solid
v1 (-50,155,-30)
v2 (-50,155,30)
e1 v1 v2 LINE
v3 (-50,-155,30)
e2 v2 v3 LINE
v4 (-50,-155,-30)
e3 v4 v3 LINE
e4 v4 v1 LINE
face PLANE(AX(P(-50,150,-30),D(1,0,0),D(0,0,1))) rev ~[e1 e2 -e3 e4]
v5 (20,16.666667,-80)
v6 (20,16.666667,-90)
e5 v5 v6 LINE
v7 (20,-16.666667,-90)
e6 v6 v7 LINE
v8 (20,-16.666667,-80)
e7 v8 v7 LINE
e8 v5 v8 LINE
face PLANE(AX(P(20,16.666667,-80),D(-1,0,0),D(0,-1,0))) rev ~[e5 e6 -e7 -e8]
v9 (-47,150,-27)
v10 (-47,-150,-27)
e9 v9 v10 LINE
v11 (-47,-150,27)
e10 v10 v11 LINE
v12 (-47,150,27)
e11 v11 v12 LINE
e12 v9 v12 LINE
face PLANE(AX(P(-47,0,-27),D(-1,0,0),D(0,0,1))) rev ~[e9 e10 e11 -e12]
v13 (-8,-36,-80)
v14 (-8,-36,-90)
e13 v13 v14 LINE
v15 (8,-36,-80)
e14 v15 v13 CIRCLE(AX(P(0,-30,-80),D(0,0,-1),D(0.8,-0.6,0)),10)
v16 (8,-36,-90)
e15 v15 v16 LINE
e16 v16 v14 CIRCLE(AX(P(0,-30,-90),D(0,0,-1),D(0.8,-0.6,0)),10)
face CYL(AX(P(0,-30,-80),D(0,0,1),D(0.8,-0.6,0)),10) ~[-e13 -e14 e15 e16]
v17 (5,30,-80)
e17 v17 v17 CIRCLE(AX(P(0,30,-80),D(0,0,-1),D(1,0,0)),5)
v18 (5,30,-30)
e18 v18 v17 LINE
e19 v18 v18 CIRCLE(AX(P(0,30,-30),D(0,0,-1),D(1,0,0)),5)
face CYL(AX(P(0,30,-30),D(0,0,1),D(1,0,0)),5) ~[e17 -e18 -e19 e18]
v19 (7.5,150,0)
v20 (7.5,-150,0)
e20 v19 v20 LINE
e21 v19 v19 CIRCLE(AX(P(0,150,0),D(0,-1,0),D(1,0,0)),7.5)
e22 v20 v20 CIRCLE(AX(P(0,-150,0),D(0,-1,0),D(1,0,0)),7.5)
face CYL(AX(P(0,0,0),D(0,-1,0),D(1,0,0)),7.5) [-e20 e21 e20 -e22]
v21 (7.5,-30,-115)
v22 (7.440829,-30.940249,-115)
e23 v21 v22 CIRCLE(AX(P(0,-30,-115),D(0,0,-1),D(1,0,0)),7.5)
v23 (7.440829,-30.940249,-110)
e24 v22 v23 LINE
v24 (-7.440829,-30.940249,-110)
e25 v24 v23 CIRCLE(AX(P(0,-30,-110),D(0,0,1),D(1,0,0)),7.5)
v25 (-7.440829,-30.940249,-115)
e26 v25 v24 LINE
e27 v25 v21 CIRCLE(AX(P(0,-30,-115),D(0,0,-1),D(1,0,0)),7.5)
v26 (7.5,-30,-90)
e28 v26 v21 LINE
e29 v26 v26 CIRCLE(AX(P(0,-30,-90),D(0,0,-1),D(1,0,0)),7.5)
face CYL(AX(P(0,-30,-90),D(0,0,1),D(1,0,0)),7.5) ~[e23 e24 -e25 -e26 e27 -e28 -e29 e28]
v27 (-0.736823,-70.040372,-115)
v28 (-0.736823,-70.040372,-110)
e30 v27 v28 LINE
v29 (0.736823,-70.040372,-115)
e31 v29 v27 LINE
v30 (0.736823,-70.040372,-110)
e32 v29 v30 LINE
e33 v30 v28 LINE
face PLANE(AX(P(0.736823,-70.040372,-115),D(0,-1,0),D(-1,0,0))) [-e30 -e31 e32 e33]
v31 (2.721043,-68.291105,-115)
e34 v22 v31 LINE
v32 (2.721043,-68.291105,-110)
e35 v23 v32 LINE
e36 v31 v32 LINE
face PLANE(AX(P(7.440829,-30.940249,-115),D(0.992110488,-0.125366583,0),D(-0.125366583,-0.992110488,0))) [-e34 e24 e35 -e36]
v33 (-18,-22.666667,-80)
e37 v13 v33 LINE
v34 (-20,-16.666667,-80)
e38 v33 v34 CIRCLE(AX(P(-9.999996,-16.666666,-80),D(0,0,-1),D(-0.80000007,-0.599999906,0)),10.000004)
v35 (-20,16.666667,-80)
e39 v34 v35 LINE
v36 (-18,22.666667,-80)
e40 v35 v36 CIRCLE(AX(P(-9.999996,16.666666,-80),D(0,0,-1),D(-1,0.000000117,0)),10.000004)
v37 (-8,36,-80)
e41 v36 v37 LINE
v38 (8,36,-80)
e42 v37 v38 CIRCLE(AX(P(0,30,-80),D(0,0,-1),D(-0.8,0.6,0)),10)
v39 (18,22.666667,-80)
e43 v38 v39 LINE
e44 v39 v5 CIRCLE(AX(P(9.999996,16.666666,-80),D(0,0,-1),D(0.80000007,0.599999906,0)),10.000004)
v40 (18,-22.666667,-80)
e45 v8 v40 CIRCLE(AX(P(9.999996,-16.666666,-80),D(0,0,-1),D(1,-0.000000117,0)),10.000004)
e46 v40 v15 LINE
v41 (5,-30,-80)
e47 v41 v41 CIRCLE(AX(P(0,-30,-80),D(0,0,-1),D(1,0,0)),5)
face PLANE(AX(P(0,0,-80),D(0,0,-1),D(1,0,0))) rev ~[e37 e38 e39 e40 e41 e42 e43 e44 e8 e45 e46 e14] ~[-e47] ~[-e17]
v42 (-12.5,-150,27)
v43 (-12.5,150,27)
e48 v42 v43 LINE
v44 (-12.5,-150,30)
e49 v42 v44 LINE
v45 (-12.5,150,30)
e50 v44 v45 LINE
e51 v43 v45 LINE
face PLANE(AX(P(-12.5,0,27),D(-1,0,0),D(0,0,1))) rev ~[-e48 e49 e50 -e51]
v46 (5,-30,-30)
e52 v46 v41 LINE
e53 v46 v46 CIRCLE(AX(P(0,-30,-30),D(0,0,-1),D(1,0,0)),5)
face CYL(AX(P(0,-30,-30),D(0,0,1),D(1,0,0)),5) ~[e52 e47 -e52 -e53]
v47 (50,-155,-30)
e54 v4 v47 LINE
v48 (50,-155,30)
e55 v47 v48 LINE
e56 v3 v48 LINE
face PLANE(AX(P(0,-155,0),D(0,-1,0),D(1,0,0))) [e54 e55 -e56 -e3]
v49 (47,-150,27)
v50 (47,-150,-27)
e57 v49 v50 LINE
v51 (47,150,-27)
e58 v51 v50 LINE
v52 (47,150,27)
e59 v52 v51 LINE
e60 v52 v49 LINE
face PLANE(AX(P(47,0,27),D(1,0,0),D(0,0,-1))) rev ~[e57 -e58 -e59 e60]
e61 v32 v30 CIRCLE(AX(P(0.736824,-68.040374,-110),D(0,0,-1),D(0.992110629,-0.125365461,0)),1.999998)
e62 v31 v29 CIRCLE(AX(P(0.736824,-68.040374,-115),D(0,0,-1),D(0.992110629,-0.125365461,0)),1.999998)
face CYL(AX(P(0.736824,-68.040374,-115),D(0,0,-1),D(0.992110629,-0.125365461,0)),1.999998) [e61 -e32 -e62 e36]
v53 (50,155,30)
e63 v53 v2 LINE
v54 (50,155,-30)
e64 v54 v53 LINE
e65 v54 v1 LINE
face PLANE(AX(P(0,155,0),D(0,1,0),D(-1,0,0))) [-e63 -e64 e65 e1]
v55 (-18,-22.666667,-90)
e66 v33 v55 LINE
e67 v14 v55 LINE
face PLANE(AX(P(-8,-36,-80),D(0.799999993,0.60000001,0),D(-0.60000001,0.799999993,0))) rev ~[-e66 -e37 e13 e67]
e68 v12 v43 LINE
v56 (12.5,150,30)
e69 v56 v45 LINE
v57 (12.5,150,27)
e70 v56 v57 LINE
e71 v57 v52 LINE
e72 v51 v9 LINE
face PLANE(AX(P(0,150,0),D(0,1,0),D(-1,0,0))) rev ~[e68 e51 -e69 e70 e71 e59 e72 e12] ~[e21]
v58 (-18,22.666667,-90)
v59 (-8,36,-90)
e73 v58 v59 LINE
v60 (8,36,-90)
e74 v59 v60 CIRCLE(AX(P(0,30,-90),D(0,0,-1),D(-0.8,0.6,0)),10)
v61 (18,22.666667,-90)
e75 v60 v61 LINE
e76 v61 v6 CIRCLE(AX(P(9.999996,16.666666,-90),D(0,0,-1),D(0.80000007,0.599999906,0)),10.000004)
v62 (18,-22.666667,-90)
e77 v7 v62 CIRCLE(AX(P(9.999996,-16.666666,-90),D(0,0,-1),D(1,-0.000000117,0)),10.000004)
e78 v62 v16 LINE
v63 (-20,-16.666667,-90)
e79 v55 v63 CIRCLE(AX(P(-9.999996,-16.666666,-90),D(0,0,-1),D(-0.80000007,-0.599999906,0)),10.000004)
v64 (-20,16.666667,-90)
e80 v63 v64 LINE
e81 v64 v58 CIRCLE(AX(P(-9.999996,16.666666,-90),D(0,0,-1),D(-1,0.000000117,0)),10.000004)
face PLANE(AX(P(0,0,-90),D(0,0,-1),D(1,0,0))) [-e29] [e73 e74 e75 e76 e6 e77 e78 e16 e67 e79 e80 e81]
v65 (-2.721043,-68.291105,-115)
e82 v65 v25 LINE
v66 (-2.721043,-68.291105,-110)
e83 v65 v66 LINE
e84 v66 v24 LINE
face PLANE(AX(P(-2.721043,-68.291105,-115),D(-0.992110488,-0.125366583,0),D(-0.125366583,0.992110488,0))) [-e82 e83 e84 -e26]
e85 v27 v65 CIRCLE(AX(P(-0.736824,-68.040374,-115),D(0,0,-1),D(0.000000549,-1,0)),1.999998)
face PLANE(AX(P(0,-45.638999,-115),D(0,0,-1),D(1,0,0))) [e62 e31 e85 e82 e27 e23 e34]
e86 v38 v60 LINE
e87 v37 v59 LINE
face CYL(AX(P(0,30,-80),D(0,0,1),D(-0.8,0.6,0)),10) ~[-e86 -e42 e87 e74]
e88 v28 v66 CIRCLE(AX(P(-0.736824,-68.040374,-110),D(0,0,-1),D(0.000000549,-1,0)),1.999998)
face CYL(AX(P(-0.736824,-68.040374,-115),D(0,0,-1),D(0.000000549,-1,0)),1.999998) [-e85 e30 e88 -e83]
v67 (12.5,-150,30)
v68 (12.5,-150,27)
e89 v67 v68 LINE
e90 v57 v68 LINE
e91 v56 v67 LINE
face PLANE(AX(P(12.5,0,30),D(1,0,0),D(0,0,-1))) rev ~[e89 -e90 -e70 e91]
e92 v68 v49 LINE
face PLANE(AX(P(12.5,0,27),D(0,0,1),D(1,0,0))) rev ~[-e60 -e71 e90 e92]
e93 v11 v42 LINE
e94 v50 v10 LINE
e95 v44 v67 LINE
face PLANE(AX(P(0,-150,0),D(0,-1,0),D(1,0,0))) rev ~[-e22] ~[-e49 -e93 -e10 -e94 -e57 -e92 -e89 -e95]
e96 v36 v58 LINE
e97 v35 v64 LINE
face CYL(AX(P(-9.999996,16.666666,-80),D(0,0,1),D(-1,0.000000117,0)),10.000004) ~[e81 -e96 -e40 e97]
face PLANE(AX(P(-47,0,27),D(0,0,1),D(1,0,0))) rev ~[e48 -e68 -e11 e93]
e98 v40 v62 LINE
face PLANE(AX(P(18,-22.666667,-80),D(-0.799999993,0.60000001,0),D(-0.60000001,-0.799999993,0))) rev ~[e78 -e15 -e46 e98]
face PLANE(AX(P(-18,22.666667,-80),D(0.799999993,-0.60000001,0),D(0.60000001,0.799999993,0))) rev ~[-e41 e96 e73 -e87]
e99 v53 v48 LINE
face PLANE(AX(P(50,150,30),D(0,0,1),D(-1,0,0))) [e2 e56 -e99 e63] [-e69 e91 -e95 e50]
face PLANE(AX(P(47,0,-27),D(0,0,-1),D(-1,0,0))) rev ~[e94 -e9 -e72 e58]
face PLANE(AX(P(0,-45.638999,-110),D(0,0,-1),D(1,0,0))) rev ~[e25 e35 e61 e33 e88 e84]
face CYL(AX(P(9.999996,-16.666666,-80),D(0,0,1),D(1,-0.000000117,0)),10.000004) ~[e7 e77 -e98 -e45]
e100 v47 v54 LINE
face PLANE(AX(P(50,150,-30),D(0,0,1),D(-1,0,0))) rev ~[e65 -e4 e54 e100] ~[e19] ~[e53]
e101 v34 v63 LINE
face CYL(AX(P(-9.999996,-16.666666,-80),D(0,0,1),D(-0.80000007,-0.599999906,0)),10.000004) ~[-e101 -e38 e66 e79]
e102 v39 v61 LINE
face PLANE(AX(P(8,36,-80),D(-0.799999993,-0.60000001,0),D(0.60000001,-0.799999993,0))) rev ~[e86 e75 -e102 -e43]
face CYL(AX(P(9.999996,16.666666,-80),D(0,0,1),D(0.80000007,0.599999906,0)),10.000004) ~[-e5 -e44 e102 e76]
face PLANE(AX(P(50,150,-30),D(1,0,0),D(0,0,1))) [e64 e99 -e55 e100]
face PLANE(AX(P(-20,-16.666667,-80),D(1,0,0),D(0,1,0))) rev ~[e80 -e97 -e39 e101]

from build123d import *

# Parameters (mm, degrees)
F0_R      = 7.5
F1_DEPTH  = 150
F2_W      = 100
F2_H      = 60
F3_DEPTH  = 5
F4_DEPTH  = 5
F5_W      = 100
F5_H      = 60
F6_DEPTH  = 5
F7_R      = 5
F8_DEPTH  = 50
F9_R      = 5
F10_DEPTH = 10
F11_R     = 7.5
F12_DEPTH = 25
F14_DEPTH = 5


with BuildPart() as f1:
    # F0 (on Front) → F1 (new body, symmetric)
    with BuildSketch(Plane.XZ):
        Polygon((-12.5, 30), (-50, 30), (-50, -30), (50, -30), (50, 30), (12.5, 30), (12.5, 27), (47, 27), (47, -27), (-47, -27), (-47, 27), (-12.5, 27), align=None)
        Circle(F0_R)
    extrude(amount=F1_DEPTH, both=True)

    # F2 (on face) → F3 (join)
    with BuildSketch(Plane.XZ.offset(150)):
        Rectangle(F2_W, F2_H)
    extrude(amount=F3_DEPTH)

    # F2 (on face) → F4 (join)
    with BuildSketch(Plane.XZ.offset(150)):
        Rectangle(F2_W, F2_H)
    extrude(amount=F4_DEPTH)

    # F5 (on face) → F6 (join)
    with BuildSketch(Plane(origin=(0, 150, 0), x_dir=(-1, 0, 0), z_dir=(0, 1, 0))):
        Rectangle(F5_W, F5_H)
    extrude(amount=F6_DEPTH)

    # F7 (on face) → F8 (join)
    with BuildSketch(Plane(origin=(0, 0, -30), x_dir=(1, 0, 0), z_dir=(0, 0, -1))):
        with Locations((0, 30)):
            Circle(F7_R)
        with Locations((0, -30)):
            Circle(F7_R)
    extrude(amount=F8_DEPTH)

    # F9 (on face) → F10 (join)
    with BuildSketch(Plane(origin=(0, 0, -80), x_dir=(1, 0, 0), z_dir=(0, 0, -1))):
        with BuildLine():
            Line((18, 22.666667), (8, 36))
            ThreePointArc((8, 36), (0, 40), (-8, 36))
            Line((-8, 36), (-18, 22.666667))
            ThreePointArc((-18, 22.666667), (-19.486833, 19.828944), (-20, 16.666667))
            Line((-20, 16.666667), (-20, -16.666667))
            ThreePointArc((-20, -16.666667), (-19.486833, -19.828944), (-18, -22.666667))
            Line((-18, -22.666667), (-8, -36))
            ThreePointArc((-8, -36), (0, -40), (8, -36))
            Line((8, -36), (18, -22.666667))
            ThreePointArc((18, -22.666667), (19.486833, -19.828944), (20, -16.666667))
            Line((20, -16.666667), (20, 16.666667))
            ThreePointArc((20, 16.666667), (19.486833, 19.828944), (18, 22.666667))
        make_face()
        with Locations((0, 30)):
            Circle(F9_R, mode=Mode.SUBTRACT)
        with Locations((0, 30)):
            Circle(F9_R)
    extrude(amount=F10_DEPTH)

    # F11 (on face) → F12 (join)
    with BuildSketch(Plane(origin=(0, 0, -90), x_dir=(1, 0, 0), z_dir=(0, 0, -1))):
        with Locations((0, 30)):
            Circle(F11_R)
    extrude(amount=F12_DEPTH)

    # F13 (on face) → F14 (join)
    with BuildSketch(Plane(origin=(0, 0, -115), x_dir=(1, 0, 0), z_dir=(0, 0, -1))):
        with BuildLine():
            Line((-2.721043, 68.291105), (-7.440829, 30.940249))
            ThreePointArc((-7.440829, 30.940249), (0, 22.5), (7.440829, 30.940249))
            Line((7.440829, 30.940249), (2.721043, 68.291105))
            ThreePointArc((2.721043, 68.291105), (2.059421, 69.540617), (0.736823, 70.040372))
            Line((0.736823, 70.040372), (-0.736823, 70.040372))
            ThreePointArc((-0.736823, 70.040372), (-2.059421, 69.540617), (-2.721043, 68.291105))
        make_face()
    extrude(amount=-F14_DEPTH)


solid = f1.part
